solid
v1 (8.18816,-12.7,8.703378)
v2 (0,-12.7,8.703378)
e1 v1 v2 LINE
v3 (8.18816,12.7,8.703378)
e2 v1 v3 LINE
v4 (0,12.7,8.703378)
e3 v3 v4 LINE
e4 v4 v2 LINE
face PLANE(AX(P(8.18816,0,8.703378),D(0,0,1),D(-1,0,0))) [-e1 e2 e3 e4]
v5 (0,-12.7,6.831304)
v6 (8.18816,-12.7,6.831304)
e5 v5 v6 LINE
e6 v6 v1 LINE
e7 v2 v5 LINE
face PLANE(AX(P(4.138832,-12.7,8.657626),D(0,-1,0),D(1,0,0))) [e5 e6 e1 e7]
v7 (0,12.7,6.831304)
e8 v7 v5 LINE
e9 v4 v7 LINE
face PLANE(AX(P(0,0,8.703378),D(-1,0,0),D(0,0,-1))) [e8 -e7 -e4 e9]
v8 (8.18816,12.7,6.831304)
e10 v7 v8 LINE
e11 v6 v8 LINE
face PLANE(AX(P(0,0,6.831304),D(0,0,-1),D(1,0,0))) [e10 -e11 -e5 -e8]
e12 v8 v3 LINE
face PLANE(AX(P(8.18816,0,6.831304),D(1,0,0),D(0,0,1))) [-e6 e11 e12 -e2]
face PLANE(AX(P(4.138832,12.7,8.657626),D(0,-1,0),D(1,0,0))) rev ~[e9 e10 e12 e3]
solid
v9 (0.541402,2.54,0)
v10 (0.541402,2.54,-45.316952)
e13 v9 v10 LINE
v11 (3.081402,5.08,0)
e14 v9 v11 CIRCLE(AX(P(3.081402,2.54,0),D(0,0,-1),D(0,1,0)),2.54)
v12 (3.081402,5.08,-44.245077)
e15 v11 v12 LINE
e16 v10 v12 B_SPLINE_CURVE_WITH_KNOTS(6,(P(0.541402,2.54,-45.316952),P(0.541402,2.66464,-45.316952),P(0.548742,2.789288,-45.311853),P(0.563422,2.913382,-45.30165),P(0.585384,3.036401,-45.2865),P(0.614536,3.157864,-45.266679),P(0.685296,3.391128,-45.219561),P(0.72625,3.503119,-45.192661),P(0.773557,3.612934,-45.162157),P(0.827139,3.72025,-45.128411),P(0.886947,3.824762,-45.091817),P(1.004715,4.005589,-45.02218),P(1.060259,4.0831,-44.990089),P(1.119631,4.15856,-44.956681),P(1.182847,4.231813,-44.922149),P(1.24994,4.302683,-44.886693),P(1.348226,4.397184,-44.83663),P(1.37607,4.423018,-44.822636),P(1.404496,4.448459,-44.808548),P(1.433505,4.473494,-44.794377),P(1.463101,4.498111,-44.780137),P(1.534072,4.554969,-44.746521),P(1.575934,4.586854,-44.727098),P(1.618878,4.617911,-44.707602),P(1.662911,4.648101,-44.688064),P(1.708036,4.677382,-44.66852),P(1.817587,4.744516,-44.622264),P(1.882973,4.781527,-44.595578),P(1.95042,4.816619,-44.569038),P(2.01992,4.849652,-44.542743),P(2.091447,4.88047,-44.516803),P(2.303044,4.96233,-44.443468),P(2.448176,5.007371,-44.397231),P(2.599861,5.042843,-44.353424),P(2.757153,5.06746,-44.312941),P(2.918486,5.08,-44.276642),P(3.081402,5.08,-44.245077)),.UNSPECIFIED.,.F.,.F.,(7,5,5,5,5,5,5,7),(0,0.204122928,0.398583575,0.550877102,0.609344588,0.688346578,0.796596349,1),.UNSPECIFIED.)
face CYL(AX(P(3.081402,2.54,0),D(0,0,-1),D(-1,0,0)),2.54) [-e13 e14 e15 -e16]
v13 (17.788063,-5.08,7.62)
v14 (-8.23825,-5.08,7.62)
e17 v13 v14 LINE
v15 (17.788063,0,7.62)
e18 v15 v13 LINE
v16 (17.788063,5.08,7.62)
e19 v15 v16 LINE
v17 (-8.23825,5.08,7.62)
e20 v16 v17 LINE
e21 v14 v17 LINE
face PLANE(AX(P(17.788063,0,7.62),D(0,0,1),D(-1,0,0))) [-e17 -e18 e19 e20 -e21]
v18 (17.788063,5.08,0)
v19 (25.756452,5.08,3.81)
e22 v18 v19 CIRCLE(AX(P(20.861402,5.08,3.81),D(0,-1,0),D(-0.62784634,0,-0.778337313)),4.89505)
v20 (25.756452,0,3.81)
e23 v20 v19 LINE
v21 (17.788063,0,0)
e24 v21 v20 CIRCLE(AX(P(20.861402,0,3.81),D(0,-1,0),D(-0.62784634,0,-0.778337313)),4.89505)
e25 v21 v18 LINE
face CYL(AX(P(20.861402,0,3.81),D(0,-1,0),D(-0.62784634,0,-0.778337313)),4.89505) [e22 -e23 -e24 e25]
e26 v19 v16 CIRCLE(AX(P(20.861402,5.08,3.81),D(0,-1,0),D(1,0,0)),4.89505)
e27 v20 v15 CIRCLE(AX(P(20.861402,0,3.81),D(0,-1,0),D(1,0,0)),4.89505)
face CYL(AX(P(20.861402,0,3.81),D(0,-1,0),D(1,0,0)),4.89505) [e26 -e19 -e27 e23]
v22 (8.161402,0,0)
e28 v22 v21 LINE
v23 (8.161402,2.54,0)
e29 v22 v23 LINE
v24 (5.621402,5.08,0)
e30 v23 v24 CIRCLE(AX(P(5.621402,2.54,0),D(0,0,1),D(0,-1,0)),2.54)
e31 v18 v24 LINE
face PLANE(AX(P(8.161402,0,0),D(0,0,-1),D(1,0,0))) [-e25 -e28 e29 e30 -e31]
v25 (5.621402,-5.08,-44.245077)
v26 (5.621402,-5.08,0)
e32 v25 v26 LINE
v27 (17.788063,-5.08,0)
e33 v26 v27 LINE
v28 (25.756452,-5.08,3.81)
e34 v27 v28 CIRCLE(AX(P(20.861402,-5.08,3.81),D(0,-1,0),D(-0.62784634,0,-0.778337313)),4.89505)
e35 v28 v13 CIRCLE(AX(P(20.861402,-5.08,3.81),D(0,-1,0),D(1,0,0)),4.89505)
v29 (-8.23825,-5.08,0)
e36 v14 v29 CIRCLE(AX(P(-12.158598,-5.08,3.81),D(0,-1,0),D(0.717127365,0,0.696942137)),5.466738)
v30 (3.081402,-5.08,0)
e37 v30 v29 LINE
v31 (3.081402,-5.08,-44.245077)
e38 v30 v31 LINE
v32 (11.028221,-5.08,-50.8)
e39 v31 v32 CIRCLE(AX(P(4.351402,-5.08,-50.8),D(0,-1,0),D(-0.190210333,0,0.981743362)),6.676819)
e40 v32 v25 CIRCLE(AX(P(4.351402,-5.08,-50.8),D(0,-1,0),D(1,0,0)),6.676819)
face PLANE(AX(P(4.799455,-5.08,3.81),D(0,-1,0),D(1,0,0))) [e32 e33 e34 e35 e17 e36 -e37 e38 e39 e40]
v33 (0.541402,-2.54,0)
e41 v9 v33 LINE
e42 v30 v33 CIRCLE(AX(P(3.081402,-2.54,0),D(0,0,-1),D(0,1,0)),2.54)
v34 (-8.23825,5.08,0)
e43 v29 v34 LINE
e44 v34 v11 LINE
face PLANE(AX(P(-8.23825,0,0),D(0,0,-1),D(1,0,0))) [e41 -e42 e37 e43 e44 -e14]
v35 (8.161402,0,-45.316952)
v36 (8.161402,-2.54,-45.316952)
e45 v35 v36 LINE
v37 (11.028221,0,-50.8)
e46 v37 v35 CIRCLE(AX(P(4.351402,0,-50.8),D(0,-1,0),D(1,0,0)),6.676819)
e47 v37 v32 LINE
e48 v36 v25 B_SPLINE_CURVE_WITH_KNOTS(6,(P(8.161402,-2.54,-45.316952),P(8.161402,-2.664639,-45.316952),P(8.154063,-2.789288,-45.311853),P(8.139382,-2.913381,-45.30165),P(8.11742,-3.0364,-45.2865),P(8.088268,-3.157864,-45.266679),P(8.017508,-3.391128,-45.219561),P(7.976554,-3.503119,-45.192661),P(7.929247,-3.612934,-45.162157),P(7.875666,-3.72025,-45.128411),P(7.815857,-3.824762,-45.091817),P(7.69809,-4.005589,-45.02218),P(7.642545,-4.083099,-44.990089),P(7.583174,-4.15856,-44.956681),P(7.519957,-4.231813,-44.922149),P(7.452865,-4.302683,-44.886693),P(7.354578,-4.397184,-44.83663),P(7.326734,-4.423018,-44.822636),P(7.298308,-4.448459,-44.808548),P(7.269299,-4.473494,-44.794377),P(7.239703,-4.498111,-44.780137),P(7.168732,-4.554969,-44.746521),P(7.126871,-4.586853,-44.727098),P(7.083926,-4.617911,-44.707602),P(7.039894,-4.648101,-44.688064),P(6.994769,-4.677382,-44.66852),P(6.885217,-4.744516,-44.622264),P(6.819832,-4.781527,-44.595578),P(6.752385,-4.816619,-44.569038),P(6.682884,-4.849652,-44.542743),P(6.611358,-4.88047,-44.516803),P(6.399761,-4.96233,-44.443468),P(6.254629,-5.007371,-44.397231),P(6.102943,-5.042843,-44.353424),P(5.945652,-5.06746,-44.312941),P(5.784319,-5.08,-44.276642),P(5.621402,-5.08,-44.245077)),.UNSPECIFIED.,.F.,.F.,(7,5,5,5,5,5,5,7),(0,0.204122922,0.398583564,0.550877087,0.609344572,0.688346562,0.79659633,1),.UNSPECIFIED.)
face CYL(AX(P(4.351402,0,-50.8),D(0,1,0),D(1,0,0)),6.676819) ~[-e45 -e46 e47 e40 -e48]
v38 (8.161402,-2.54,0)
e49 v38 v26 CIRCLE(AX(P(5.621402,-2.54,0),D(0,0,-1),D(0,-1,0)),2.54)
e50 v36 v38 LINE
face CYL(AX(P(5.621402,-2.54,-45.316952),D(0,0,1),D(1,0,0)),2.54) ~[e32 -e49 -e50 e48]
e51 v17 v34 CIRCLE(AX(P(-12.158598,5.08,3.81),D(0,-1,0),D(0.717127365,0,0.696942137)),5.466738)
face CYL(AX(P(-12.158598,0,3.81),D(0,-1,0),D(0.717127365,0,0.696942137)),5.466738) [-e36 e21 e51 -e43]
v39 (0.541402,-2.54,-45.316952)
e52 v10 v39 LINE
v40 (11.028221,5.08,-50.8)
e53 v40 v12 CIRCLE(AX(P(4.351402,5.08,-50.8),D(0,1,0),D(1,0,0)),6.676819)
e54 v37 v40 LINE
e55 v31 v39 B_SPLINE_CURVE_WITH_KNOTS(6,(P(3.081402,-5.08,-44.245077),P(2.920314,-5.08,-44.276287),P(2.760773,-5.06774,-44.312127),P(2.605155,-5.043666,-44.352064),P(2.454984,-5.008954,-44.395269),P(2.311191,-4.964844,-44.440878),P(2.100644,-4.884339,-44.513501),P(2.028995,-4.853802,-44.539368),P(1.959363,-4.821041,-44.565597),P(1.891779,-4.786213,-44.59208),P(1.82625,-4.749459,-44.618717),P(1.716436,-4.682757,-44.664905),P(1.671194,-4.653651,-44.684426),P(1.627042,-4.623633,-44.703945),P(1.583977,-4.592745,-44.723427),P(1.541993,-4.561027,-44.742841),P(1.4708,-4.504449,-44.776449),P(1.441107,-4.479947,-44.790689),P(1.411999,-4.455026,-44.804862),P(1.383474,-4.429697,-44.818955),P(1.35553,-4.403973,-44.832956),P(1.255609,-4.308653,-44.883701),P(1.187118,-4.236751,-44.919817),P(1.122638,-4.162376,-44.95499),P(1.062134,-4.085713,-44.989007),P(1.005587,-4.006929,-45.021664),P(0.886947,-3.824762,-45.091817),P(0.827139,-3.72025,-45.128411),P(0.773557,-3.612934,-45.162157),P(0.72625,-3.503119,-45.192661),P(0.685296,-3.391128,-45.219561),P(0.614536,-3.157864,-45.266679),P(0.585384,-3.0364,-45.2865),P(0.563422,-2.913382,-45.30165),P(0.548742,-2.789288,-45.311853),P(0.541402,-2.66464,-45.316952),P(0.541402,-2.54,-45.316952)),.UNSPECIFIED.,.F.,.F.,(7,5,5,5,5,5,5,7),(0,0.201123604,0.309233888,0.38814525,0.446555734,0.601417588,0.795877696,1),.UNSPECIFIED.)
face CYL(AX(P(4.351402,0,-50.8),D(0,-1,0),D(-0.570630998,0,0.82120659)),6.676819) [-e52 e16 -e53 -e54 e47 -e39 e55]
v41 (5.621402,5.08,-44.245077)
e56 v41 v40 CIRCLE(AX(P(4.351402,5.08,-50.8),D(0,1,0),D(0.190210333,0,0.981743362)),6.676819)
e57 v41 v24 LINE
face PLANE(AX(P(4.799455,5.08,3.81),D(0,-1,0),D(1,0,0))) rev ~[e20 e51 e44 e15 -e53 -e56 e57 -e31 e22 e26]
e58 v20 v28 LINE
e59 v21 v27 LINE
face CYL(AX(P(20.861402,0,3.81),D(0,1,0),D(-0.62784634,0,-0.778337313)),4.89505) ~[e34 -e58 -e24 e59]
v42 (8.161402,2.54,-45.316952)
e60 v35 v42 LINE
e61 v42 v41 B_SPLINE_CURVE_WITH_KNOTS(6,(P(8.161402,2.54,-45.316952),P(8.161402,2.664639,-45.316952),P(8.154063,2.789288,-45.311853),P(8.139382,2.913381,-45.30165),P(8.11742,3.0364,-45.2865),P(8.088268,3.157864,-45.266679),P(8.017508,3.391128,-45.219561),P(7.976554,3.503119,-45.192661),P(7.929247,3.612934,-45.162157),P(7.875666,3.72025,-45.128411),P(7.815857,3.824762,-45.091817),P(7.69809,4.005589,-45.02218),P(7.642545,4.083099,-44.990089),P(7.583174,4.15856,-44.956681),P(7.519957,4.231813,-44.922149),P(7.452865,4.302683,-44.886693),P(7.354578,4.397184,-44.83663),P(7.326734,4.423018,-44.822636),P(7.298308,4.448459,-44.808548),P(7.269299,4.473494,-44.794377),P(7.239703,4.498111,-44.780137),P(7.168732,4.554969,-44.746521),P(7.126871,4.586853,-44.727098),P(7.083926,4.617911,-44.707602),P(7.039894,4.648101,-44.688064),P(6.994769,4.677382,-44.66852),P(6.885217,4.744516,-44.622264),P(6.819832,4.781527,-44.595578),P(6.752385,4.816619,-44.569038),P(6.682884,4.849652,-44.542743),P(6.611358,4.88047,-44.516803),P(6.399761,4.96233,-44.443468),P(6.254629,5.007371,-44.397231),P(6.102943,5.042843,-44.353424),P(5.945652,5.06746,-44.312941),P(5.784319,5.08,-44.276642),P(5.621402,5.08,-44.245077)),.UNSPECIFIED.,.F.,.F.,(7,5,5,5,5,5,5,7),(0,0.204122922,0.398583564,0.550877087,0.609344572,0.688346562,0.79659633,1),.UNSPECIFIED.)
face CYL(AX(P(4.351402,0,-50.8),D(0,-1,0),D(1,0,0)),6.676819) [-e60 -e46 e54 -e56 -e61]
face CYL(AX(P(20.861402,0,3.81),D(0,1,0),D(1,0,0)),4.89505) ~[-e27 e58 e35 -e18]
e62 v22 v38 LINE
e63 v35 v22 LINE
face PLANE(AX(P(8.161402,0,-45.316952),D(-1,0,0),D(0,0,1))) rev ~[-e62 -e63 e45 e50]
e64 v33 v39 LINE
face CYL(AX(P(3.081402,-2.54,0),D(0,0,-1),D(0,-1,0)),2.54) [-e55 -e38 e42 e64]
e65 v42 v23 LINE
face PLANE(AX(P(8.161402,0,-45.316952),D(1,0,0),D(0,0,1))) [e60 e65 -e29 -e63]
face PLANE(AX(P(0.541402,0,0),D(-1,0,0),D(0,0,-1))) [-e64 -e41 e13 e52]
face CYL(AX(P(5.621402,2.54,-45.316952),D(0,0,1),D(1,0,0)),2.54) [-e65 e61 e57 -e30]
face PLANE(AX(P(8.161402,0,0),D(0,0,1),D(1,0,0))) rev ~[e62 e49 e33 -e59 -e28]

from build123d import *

# Parameters (mm, degrees)
F1_DEPTH = 5.08
F2_R     = 2.54
F4_DEPTH = 12.7


with BuildPart() as f1:
    # F0 (on Front) → F1 (new body, symmetric)
    with BuildSketch(Plane.XZ):
        with BuildLine():
            Line((-8.2382504713, 0), (0.5414021805, 0))
            Line((0.5414021805, 0), (8.1614021805, 0))
            Line((8.1614021805, 0), (17.7880630044, 0))
            ThreePointArc((17.7880630044, 0), (15.9663522633, 3.81), (17.7880630044, 7.62))
            Line((17.7880630044, 7.62), (-8.2382504713, 7.62))
            ThreePointArc((-8.2382504713, 7.62), (-7.0931889129, 5.8659318907), (-6.6918599137, 3.81))
            ThreePointArc((-6.6918599137, 3.81), (-7.0931889129, 1.7540681093), (-8.2382504713, 0))
        make_face()
        with BuildLine():
            Line((8.1614021805, 0), (0.5414021805, 0))
            Line((0.5414021805, 0), (0.5414021805, -45.3169520795))
            ThreePointArc((0.5414021805, -45.3169520795), (4.3514021805, -44.1231808098), (8.1614021805, -45.3169520795))
            Line((8.1614021805, -45.3169520795), (8.1614021805, 0))
        make_face()
        with BuildLine():
            ThreePointArc((8.1614021805, -45.3169520795), (4.3514021805, -44.1231808098), (0.5414021805, -45.3169520795))
            Line((0.5414021805, -45.3169520795), (0.5414021805, -50.8))
            Line((0.5414021805, -50.8), (8.1614021805, -50.8))
            Line((8.1614021805, -50.8), (8.1614021805, -45.3169520795))
        make_face()
        with BuildLine():
            Line((0.5414021805, -50.8), (0.5414021805, -45.3169520795))
            ThreePointArc((0.5414021805, -45.3169520795), (1.2577608483, -56.716865539), (11.0282213707, -50.8))
            ThreePointArc((11.0282213707, -50.8), (10.2682677195, -47.7063586679), (8.1614021805, -45.3169520795))
            Line((8.1614021805, -45.3169520795), (8.1614021805, -50.8))
            Line((8.1614021805, -50.8), (0.5414021805, -50.8))
        make_face()
        with BuildLine():
            ThreePointArc((-8.2382504713, 7.62), (-17.6253357253, 3.81), (-8.2382504713, 0))
            Line((-8.2382504713, 0), (-12.1585978195, 0))
            Line((-12.1585978195, 0), (-12.1585978195, 7.62))
            Line((-12.1585978195, 7.62), (-8.2382504713, 7.62))
        make_face()
        with BuildLine():
            Line((-12.1585978195, 0), (-8.2382504713, 0))
            ThreePointArc((-8.2382504713, 0), (-7.0931889129, 1.7540681093), (-6.6918599137, 3.81))
            ThreePointArc((-6.6918599137, 3.81), (-7.0931889129, 5.8659318907), (-8.2382504713, 7.62))
            Line((-8.2382504713, 7.62), (-12.1585978195, 7.62))
            Line((-12.1585978195, 7.62), (-12.1585978195, 0))
        make_face()
        with BuildLine():
            ThreePointArc((17.7880630044, 7.62), (15.9663522633, 3.81), (17.7880630044, 0))
            Line((17.7880630044, 0), (20.8614021805, 0))
            Line((20.8614021805, 0), (20.8614021805, 7.62))
            Line((20.8614021805, 7.62), (17.7880630044, 7.62))
        make_face()
        with BuildLine():
            Line((20.8614021805, 0), (17.7880630044, 0))
            ThreePointArc((17.7880630044, 0), (22.9729614399, -0.6062009902), (25.7564520977, 3.81))
            ThreePointArc((25.7564520977, 3.81), (22.9729614399, 8.2262009902), (17.7880630044, 7.62))
            Line((17.7880630044, 7.62), (20.8614021805, 7.62))
            Line((20.8614021805, 7.62), (20.8614021805, 0))
        make_face()
    extrude(amount=F1_DEPTH, both=True)

    # F2
    f2_edges = [f1.edges().sort_by_distance(p)[0] for p in [
        (8.161402, -5.08, -22.658476),
        (0.541402, -5.08, -22.658476),
        (0.541402, 5.08, -22.658476),
        (8.161402, 5.08, -22.658476),
    ]]
    fillet(f2_edges, radius=F2_R)


with BuildPart() as f4:
    # F3 (on Front) → F4 (new body, symmetric)
    with BuildSketch(Plane.XZ):
        Polygon((8.1881596717, 8.5223685753), (8.1881596717, 8.7033780292), (0, 8.7033780292), align=None)
        Polygon((8.1881596717, 6.8313037045), (8.1881596717, 8.5223685753), (0, 8.7033780292), (0, 6.8313037045), align=None)
    extrude(amount=F4_DEPTH, both=True)


solid = Compound([f1.part, f4.part])
